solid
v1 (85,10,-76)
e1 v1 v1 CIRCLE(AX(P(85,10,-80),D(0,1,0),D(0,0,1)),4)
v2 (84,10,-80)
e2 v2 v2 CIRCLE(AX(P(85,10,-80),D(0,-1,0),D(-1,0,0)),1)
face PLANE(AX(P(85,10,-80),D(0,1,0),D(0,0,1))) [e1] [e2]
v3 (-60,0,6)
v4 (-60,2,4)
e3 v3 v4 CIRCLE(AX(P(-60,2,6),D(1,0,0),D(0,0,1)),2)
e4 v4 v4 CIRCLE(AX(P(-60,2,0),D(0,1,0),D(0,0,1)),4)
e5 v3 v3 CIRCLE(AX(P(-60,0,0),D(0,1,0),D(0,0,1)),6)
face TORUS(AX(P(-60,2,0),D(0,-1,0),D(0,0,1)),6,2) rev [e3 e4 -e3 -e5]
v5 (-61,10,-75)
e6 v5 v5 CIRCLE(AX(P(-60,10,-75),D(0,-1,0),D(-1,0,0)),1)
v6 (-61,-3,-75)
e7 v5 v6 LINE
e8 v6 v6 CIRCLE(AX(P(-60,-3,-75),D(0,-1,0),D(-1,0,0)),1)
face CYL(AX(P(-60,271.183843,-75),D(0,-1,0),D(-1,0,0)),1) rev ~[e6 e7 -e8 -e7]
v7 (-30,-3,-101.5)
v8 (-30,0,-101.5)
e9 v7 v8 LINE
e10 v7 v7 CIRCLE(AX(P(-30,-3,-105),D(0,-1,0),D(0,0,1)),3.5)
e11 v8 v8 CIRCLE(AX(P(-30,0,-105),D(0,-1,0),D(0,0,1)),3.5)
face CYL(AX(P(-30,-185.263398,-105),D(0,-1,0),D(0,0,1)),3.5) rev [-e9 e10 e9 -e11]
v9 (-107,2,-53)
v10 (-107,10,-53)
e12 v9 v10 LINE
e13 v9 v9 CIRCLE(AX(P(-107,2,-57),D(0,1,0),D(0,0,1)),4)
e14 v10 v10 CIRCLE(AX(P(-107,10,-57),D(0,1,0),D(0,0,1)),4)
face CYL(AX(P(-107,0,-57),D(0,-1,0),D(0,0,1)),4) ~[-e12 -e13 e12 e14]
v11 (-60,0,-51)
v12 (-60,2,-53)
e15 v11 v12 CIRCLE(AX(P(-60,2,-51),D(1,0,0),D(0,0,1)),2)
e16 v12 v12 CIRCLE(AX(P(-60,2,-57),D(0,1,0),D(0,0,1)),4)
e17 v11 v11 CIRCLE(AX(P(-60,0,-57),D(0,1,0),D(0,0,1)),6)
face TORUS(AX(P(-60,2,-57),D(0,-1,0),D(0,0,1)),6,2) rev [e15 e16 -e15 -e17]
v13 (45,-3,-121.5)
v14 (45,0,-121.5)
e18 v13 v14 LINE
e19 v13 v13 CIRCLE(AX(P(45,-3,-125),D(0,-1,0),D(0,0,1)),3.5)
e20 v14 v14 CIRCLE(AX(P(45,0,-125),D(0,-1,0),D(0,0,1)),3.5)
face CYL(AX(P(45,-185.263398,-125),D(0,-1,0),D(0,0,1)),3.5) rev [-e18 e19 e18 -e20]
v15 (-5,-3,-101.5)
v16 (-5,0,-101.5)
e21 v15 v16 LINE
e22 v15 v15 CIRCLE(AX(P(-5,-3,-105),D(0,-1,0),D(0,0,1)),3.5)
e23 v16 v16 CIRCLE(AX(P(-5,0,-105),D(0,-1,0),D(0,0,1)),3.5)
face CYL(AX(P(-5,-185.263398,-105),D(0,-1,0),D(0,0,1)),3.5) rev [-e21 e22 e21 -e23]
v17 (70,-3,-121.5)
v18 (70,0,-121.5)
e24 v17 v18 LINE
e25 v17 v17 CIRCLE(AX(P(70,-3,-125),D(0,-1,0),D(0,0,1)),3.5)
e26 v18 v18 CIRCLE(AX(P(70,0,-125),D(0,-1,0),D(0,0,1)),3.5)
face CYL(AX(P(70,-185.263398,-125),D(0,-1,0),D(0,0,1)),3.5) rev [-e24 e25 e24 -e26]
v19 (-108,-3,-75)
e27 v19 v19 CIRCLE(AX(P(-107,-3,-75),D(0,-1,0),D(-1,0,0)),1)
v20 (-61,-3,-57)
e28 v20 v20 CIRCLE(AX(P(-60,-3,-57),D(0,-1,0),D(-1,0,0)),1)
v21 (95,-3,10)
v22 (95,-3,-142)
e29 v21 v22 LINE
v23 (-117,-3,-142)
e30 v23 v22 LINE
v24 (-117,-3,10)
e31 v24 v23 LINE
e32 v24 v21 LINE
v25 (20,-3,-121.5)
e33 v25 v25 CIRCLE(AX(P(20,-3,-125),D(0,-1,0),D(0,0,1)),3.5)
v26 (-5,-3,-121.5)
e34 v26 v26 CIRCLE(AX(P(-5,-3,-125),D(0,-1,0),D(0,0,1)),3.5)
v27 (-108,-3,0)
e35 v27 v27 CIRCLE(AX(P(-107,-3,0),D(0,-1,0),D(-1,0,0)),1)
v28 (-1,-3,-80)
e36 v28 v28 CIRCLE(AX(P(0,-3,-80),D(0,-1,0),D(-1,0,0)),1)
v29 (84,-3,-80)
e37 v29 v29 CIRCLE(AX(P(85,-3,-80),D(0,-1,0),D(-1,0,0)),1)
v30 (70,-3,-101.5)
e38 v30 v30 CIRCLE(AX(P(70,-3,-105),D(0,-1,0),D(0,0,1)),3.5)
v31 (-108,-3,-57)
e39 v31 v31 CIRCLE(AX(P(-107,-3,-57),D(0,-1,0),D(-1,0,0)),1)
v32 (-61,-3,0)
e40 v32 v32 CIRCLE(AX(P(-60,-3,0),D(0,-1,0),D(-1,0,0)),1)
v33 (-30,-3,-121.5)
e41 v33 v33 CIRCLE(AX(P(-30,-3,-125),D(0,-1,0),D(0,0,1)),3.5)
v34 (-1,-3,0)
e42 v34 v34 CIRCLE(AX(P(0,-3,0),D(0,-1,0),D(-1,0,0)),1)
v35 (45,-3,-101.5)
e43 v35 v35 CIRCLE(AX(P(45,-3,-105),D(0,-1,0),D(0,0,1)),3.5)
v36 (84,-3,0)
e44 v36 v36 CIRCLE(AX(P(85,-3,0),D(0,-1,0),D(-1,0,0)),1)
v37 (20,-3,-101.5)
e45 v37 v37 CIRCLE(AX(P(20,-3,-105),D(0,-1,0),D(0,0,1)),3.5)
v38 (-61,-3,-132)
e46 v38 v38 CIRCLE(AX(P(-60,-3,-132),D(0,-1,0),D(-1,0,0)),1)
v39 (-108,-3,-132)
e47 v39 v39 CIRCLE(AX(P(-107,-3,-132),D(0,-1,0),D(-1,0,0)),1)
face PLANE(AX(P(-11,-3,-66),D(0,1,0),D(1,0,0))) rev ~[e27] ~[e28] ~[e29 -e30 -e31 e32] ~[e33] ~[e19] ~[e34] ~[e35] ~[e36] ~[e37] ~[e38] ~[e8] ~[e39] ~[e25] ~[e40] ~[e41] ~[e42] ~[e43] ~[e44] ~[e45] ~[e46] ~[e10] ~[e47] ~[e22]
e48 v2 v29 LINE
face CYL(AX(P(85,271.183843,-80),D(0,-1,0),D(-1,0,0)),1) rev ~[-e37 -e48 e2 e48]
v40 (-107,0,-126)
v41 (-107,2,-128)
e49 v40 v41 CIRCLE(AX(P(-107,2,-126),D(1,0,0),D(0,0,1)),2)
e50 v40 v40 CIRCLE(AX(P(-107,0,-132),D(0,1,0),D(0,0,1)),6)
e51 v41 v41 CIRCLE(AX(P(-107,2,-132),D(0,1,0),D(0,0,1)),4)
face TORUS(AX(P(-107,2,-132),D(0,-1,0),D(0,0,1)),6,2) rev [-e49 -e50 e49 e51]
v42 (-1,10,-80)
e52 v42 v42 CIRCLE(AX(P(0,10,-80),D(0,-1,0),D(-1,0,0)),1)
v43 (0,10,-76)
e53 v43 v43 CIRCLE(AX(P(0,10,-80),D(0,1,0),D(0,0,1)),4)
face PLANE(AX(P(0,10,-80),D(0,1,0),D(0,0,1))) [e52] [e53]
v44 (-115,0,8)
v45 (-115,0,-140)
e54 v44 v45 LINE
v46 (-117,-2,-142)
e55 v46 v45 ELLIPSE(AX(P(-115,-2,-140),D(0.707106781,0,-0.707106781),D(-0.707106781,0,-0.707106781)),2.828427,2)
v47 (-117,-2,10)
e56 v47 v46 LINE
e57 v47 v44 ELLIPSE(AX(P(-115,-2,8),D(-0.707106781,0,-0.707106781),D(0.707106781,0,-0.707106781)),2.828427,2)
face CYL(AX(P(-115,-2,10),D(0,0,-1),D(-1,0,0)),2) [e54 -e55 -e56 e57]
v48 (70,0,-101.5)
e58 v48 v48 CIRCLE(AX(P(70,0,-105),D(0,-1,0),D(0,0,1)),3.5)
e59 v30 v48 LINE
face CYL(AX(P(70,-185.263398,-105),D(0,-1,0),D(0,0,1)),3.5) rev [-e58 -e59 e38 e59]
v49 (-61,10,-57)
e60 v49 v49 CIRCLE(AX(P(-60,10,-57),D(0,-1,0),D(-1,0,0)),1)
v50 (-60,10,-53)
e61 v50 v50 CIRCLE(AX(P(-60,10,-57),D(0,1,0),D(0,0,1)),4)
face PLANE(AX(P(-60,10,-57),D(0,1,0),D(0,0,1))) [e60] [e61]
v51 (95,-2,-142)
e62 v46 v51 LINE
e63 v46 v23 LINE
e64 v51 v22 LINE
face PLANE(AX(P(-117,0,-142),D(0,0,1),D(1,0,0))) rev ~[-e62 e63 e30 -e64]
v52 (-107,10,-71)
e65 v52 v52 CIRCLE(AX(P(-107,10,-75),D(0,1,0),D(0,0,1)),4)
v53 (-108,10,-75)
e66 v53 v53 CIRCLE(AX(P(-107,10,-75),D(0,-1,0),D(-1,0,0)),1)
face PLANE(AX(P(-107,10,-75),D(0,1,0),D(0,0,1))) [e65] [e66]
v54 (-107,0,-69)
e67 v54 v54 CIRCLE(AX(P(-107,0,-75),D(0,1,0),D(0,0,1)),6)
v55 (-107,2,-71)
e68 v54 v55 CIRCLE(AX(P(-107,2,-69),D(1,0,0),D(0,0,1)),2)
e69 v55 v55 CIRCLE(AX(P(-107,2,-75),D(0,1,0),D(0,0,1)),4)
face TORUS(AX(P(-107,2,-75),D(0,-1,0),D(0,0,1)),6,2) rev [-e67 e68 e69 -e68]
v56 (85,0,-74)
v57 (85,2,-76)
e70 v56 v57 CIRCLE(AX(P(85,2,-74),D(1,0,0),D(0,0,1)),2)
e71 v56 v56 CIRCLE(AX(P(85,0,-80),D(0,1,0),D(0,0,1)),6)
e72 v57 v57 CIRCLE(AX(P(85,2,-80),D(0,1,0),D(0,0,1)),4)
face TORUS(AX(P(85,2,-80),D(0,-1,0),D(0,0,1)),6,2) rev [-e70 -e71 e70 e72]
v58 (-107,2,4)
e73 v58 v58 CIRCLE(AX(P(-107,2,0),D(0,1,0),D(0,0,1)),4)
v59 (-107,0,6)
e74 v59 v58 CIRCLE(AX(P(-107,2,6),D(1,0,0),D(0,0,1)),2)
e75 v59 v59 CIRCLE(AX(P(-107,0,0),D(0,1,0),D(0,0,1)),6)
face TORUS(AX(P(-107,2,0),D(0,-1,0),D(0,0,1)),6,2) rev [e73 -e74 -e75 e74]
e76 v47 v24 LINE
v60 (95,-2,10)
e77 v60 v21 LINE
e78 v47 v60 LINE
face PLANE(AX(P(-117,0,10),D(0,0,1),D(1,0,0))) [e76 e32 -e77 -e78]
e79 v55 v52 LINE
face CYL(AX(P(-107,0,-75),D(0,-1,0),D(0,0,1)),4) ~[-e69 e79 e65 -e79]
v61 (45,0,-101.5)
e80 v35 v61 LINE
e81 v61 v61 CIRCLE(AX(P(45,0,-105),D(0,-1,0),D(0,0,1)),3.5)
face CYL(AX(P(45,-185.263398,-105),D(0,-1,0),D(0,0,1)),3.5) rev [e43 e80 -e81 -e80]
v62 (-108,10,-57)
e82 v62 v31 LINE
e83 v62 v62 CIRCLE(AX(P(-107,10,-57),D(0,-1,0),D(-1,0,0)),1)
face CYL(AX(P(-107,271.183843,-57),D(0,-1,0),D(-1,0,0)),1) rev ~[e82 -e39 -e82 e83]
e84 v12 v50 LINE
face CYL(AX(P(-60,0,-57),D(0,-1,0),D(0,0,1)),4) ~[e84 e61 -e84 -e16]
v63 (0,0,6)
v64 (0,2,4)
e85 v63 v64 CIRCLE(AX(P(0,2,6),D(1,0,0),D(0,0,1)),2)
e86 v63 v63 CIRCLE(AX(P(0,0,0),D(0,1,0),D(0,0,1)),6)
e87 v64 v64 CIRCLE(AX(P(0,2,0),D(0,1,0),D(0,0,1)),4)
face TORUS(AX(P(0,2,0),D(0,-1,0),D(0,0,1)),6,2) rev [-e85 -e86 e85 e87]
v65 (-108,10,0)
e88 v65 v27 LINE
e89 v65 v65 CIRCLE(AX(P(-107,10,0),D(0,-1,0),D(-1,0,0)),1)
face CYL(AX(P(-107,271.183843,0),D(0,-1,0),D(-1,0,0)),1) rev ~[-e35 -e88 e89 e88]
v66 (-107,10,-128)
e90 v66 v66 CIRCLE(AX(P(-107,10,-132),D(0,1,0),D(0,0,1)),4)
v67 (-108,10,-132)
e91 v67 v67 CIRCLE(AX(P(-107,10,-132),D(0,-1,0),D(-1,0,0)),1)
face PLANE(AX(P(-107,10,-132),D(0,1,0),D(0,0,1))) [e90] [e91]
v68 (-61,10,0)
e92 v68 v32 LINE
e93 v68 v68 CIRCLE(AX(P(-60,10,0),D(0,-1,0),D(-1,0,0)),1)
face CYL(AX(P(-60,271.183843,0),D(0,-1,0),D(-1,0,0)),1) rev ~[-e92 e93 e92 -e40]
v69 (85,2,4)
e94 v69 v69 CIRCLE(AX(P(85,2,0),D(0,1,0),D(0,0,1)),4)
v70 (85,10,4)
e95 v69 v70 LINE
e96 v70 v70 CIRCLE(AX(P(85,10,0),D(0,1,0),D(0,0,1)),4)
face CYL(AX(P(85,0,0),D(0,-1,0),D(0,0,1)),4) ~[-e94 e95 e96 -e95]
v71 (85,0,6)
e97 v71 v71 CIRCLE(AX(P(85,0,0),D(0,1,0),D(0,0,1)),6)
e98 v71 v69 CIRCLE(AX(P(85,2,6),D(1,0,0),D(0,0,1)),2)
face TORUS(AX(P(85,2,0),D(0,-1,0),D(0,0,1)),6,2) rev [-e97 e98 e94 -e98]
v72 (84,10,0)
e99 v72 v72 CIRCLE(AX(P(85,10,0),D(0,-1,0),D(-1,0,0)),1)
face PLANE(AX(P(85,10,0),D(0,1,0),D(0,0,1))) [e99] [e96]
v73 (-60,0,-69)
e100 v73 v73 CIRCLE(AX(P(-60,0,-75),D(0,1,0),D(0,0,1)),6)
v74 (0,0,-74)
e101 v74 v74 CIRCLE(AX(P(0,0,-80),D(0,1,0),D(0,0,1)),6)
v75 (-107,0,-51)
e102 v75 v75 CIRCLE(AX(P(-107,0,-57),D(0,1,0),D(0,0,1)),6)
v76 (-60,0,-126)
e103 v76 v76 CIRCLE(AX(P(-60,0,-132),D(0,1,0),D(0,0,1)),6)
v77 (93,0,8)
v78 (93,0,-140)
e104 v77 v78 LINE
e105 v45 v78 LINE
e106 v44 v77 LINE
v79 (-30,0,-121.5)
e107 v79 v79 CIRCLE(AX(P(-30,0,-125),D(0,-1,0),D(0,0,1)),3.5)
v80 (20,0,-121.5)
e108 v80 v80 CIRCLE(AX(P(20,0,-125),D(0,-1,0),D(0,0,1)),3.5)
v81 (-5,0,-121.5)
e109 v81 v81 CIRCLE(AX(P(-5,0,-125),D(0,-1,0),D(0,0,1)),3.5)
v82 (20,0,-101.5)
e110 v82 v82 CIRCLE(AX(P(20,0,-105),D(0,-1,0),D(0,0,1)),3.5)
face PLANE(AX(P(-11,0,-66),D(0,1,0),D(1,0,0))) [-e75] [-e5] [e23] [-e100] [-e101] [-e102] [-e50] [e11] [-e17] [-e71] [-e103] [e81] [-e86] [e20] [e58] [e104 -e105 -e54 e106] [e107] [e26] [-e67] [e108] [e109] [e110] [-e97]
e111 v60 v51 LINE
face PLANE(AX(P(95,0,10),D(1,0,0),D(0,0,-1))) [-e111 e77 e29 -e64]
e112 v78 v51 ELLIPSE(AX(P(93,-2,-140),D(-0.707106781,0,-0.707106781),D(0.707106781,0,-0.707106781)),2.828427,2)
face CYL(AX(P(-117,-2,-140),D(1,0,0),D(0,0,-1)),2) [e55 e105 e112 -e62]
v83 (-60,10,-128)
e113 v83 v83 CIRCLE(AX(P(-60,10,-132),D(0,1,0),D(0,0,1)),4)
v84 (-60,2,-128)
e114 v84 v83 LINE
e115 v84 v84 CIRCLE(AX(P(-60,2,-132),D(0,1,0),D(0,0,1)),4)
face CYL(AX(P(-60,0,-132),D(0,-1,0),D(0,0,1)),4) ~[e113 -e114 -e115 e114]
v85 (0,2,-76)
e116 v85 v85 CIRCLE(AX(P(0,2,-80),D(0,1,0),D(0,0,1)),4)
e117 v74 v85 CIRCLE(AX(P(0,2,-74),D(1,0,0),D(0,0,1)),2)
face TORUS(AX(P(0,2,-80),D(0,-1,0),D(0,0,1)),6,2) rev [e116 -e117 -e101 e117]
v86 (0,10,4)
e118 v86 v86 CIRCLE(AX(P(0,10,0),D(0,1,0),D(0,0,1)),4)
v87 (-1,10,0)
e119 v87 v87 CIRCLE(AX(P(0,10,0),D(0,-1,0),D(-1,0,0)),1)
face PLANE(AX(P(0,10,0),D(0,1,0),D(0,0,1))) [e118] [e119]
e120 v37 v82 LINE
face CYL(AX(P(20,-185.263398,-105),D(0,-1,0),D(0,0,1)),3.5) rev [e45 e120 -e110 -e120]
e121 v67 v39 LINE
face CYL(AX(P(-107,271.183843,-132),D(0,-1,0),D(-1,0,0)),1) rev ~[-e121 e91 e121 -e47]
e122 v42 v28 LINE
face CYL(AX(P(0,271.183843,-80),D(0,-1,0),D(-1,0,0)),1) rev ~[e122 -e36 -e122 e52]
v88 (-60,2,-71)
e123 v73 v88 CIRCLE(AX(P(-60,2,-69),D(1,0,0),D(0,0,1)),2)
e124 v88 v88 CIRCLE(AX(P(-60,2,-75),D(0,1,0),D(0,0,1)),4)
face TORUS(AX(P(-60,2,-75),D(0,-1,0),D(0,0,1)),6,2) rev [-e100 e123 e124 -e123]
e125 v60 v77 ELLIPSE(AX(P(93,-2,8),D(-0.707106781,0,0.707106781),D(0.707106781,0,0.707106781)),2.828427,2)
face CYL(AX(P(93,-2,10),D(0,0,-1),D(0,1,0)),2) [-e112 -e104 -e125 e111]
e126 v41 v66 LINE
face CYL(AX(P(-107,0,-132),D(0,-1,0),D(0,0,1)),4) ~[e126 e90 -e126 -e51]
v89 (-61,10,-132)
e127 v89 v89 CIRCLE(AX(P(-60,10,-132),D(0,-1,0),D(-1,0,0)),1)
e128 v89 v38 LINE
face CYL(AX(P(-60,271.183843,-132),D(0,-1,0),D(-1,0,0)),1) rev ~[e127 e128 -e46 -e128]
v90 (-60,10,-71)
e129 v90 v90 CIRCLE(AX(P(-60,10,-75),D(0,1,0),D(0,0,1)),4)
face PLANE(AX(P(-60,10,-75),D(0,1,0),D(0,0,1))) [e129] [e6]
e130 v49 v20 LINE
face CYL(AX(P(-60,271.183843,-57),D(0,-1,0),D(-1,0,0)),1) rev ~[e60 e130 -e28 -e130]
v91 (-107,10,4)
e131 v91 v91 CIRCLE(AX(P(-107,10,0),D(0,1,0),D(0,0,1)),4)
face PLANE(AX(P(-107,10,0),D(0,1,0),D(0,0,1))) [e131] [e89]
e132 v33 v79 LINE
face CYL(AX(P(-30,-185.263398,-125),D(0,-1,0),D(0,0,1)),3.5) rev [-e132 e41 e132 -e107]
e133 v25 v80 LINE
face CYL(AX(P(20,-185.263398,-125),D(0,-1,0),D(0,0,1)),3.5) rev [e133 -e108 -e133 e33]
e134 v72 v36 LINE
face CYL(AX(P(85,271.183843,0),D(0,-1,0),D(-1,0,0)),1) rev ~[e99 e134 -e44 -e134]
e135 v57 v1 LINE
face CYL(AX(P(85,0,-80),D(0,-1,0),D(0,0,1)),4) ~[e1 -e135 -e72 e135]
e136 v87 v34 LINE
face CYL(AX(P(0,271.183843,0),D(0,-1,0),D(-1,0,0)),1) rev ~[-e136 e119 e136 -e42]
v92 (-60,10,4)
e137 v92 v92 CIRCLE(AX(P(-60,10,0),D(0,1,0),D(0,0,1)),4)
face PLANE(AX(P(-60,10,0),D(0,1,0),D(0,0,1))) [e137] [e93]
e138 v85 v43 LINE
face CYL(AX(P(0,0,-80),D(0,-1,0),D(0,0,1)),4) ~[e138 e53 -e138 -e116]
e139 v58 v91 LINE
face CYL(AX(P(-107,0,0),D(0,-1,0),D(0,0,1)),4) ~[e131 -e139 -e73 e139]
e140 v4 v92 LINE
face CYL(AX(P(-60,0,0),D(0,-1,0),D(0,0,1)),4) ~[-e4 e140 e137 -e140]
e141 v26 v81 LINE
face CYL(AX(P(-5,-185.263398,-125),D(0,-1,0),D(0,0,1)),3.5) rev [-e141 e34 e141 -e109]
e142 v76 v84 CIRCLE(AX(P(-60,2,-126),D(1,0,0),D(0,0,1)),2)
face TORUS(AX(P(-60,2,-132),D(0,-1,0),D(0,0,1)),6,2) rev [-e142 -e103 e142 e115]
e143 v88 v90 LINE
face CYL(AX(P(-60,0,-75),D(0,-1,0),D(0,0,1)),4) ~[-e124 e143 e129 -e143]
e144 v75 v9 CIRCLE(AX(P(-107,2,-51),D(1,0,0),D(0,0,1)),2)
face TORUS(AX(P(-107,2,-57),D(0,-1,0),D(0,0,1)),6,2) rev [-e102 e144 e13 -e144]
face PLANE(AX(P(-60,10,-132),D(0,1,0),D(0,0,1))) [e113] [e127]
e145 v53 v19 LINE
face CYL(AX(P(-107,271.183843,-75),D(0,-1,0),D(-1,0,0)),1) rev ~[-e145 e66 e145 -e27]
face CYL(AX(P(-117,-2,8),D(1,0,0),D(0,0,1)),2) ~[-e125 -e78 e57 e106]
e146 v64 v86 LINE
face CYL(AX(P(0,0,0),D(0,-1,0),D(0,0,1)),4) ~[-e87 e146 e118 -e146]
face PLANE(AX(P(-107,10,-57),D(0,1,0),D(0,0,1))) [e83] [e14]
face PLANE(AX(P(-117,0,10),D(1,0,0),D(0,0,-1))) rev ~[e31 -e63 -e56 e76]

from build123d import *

# Parameters (mm, degrees)
SKETCH1_R               = 4
BOSS_EXTRUDE1_DEPTH     = 10
BOSS_EXTRUDE1_2_DEPTH   = 10
BOSS_EXTRUDE1_3_DEPTH   = 10
BOSS_EXTRUDE1_4_DEPTH   = 10
BOSS_EXTRUDE1_5_DEPTH   = 10
BOSS_EXTRUDE1_6_DEPTH   = 10
BOSS_EXTRUDE1_7_DEPTH   = 10
BOSS_EXTRUDE1_8_DEPTH   = 10
BOSS_EXTRUDE1_9_DEPTH   = 10
BOSS_EXTRUDE1_10_DEPTH  = 10
BOSS_EXTRUDE1_11_DEPTH  = 10
BOSS_EXTRUDE1_12_DEPTH  = 10
SKETCH2_W               = 212
SKETCH2_H               = 152
BOSS_EXTRUDE2_DEPTH     = 3
FILLET1_R               = 2
CUT_EXTRUDE1_DEPTH      = 185.263398427
CUT_EXTRUDE1_DEPTH_BACK = 185.263398427
SKETCH3_R               = 3.5
F_2_0MM_DOWEL_HOLE1_D   = 2


with BuildPart() as part:
    # Sketch1 → Boss-Extrude1 (new body)
    with BuildSketch(Plane(origin=(0, 0, 0), x_dir=(1, 0, 0), z_dir=(0, 1, 0))):
        with Locations(Location((0, 0, 0), (0, 0, 270))):
            Circle(SKETCH1_R)
    extrude(amount=BOSS_EXTRUDE1_DEPTH)



with BuildPart() as body_2:
    # Sketch1 → Boss-Extrude1 2 (new body)
    with BuildSketch(Plane(origin=(0, 0, 0), x_dir=(1, 0, 0), z_dir=(0, 1, 0))):
        with Locations(Location((0, 80, 0), (0, 0, 270))):
            Circle(SKETCH1_R)
    extrude(amount=BOSS_EXTRUDE1_2_DEPTH)


with BuildPart() as body_3:
    # Sketch1 → Boss-Extrude1 3 (new body)
    with BuildSketch(Plane(origin=(0, 0, 0), x_dir=(1, 0, 0), z_dir=(0, 1, 0))):
        with Locations(Location((85, 80, 0), (0, 0, 270))):
            Circle(SKETCH1_R)
    extrude(amount=BOSS_EXTRUDE1_3_DEPTH)


with BuildPart() as body_4:
    # Sketch1 → Boss-Extrude1 4 (new body)
    with BuildSketch(Plane(origin=(0, 0, 0), x_dir=(1, 0, 0), z_dir=(0, 1, 0))):
        with Locations(Location((85, 0, 0), (0, 0, 270))):
            Circle(SKETCH1_R)
    extrude(amount=BOSS_EXTRUDE1_4_DEPTH)


with BuildPart() as body_5:
    # Sketch1 → Boss-Extrude1 5 (new body)
    with BuildSketch(Plane(origin=(0, 0, 0), x_dir=(1, 0, 0), z_dir=(0, 1, 0))):
        with Locations(Location((-107, 0, 0), (0, 0, 270))):
            Circle(SKETCH1_R)
    extrude(amount=BOSS_EXTRUDE1_5_DEPTH)


with BuildPart() as body_6:
    # Sketch1 → Boss-Extrude1 6 (new body)
    with BuildSketch(Plane(origin=(0, 0, 0), x_dir=(1, 0, 0), z_dir=(0, 1, 0))):
        with Locations(Location((-60, 0, 0), (0, 0, 270))):
            Circle(SKETCH1_R)
    extrude(amount=BOSS_EXTRUDE1_6_DEPTH)


with BuildPart() as body_7:
    # Sketch1 → Boss-Extrude1 7 (new body)
    with BuildSketch(Plane(origin=(0, 0, 0), x_dir=(1, 0, 0), z_dir=(0, 1, 0))):
        with Locations(Location((-60, 57, 0), (0, 0, 270))):
            Circle(SKETCH1_R)
    extrude(amount=BOSS_EXTRUDE1_7_DEPTH)


with BuildPart() as body_8:
    # Sketch1 → Boss-Extrude1 8 (new body)
    with BuildSketch(Plane(origin=(0, 0, 0), x_dir=(1, 0, 0), z_dir=(0, 1, 0))):
        with Locations(Location((-107, 57, 0), (0, 0, 270))):
            Circle(SKETCH1_R)
    extrude(amount=BOSS_EXTRUDE1_8_DEPTH)


with BuildPart() as body_9:
    # Sketch1 → Boss-Extrude1 9 (new body)
    with BuildSketch(Plane(origin=(0, 0, 0), x_dir=(1, 0, 0), z_dir=(0, 1, 0))):
        with Locations(Location((-107, 132, 0), (0, 0, 270))):
            Circle(SKETCH1_R)
    extrude(amount=BOSS_EXTRUDE1_9_DEPTH)


with BuildPart() as body_10:
    # Sketch1 → Boss-Extrude1 10 (new body)
    with BuildSketch(Plane(origin=(0, 0, 0), x_dir=(1, 0, 0), z_dir=(0, 1, 0))):
        with Locations(Location((-60, 132, 0), (0, 0, 270))):
            Circle(SKETCH1_R)
    extrude(amount=BOSS_EXTRUDE1_10_DEPTH)


with BuildPart() as body_11:
    # Sketch1 → Boss-Extrude1 11 (new body)
    with BuildSketch(Plane(origin=(0, 0, 0), x_dir=(1, 0, 0), z_dir=(0, 1, 0))):
        with Locations(Location((-60, 75, 0), (0, 0, 270))):
            Circle(SKETCH1_R)
    extrude(amount=BOSS_EXTRUDE1_11_DEPTH)


with BuildPart() as body_12:
    # Sketch1 → Boss-Extrude1 12 (new body)
    with BuildSketch(Plane(origin=(0, 0, 0), x_dir=(1, 0, 0), z_dir=(0, 1, 0))):
        with Locations(Location((-107, 75, 0), (0, 0, 270))):
            Circle(SKETCH1_R)
    extrude(amount=BOSS_EXTRUDE1_12_DEPTH)


with BuildPart() as part_1:
    add(part.part)

    add(body_2.part)  # Boss-Extrude2 merges body 2

    add(body_3.part)  # Boss-Extrude2 merges body 3

    add(body_4.part)  # Boss-Extrude2 merges body 4

    add(body_5.part)  # Boss-Extrude2 merges body 5

    add(body_6.part)  # Boss-Extrude2 merges body 6

    add(body_7.part)  # Boss-Extrude2 merges body 7

    add(body_8.part)  # Boss-Extrude2 merges body 8

    add(body_9.part)  # Boss-Extrude2 merges body 9

    add(body_10.part)  # Boss-Extrude2 merges body 10

    add(body_11.part)  # Boss-Extrude2 merges body 11

    add(body_12.part)  # Boss-Extrude2 merges body 12
    # Sketch2 → Boss-Extrude2 (add)
    with BuildSketch(Plane(origin=(0, 0, 0), x_dir=(1, 0, 0), z_dir=(0, 1, 0))):
        with Locations((-11, 66)):
            Rectangle(SKETCH2_W, SKETCH2_H)
    extrude(amount=-BOSS_EXTRUDE2_DEPTH)

    # Fillet1
    fillet1_edges = [part_1.edges().sort_by_distance(p)[0] for p in [
        (0, 0, -84),
        (85, 0, -84),
        (85, 0, -4),
        (-60, 0, -4),
        (-60, 0, -61),
        (-107, 0, -4),
        (-107, 0, -61),
        (-60, 0, -79),
        (-60, 0, -136),
        (-107, 0, -79),
        (-107, 0, -136),
        (0, 0, -4),
        (-117, 0, -66),
        (-11, 0, 10),
        (95, 0, -66),
        (-11, 0, -142),
    ]]
    fillet(fillet1_edges, radius=FILLET1_R)

    # Sketch3 → Cut-Extrude1 (cut, two sides: drawn at the far end of the back side and taken through both)
    with BuildSketch(Plane(origin=(0, 0, 0), x_dir=(1, 0, 0), z_dir=(0, 1, 0)).offset(-CUT_EXTRUDE1_DEPTH_BACK)):
        with Locations(Location((-30, 125, 0), (0, 0, 270))):
            Circle(SKETCH3_R)
        with Locations(Location((-30, 105, 0), (0, 0, 270))):
            Circle(SKETCH3_R)
        with Locations(Location((-5, 105, 0), (0, 0, 270))):
            Circle(SKETCH3_R)
        with Locations(Location((-5, 125, 0), (0, 0, 270))):
            Circle(SKETCH3_R)
        with Locations(Location((20, 105, 0), (0, 0, 270))):
            Circle(SKETCH3_R)
        with Locations(Location((20, 125, 0), (0, 0, 270))):
            Circle(SKETCH3_R)
        with Locations(Location((45, 105, 0), (0, 0, 270))):
            Circle(SKETCH3_R)
        with Locations(Location((45, 125, 0), (0, 0, 270))):
            Circle(SKETCH3_R)
        with Locations(Location((70, 105, 0), (0, 0, 270))):
            Circle(SKETCH3_R)
        with Locations(Location((70, 125, 0), (0, 0, 270))):
            Circle(SKETCH3_R)
    extrude(amount=CUT_EXTRUDE1_DEPTH + CUT_EXTRUDE1_DEPTH_BACK, mode=Mode.SUBTRACT)

    # Ø2.0mm Dowel Hole1 (through all)
    with Locations(Plane(origin=(0, 10, 0), x_dir=(1, 0, 0), z_dir=(0, 1, 0))):
        with Locations((-107, 132), (-60, 132), (-60, 75), (-107, 75), (-60, 57), (-107, 57), (-107, 0), (-60, 0), (0, 0), (85, 0), (85, 80), (0, 80)):
            Hole(F_2_0MM_DOWEL_HOLE1_D / 2)


solid = part_1.part
